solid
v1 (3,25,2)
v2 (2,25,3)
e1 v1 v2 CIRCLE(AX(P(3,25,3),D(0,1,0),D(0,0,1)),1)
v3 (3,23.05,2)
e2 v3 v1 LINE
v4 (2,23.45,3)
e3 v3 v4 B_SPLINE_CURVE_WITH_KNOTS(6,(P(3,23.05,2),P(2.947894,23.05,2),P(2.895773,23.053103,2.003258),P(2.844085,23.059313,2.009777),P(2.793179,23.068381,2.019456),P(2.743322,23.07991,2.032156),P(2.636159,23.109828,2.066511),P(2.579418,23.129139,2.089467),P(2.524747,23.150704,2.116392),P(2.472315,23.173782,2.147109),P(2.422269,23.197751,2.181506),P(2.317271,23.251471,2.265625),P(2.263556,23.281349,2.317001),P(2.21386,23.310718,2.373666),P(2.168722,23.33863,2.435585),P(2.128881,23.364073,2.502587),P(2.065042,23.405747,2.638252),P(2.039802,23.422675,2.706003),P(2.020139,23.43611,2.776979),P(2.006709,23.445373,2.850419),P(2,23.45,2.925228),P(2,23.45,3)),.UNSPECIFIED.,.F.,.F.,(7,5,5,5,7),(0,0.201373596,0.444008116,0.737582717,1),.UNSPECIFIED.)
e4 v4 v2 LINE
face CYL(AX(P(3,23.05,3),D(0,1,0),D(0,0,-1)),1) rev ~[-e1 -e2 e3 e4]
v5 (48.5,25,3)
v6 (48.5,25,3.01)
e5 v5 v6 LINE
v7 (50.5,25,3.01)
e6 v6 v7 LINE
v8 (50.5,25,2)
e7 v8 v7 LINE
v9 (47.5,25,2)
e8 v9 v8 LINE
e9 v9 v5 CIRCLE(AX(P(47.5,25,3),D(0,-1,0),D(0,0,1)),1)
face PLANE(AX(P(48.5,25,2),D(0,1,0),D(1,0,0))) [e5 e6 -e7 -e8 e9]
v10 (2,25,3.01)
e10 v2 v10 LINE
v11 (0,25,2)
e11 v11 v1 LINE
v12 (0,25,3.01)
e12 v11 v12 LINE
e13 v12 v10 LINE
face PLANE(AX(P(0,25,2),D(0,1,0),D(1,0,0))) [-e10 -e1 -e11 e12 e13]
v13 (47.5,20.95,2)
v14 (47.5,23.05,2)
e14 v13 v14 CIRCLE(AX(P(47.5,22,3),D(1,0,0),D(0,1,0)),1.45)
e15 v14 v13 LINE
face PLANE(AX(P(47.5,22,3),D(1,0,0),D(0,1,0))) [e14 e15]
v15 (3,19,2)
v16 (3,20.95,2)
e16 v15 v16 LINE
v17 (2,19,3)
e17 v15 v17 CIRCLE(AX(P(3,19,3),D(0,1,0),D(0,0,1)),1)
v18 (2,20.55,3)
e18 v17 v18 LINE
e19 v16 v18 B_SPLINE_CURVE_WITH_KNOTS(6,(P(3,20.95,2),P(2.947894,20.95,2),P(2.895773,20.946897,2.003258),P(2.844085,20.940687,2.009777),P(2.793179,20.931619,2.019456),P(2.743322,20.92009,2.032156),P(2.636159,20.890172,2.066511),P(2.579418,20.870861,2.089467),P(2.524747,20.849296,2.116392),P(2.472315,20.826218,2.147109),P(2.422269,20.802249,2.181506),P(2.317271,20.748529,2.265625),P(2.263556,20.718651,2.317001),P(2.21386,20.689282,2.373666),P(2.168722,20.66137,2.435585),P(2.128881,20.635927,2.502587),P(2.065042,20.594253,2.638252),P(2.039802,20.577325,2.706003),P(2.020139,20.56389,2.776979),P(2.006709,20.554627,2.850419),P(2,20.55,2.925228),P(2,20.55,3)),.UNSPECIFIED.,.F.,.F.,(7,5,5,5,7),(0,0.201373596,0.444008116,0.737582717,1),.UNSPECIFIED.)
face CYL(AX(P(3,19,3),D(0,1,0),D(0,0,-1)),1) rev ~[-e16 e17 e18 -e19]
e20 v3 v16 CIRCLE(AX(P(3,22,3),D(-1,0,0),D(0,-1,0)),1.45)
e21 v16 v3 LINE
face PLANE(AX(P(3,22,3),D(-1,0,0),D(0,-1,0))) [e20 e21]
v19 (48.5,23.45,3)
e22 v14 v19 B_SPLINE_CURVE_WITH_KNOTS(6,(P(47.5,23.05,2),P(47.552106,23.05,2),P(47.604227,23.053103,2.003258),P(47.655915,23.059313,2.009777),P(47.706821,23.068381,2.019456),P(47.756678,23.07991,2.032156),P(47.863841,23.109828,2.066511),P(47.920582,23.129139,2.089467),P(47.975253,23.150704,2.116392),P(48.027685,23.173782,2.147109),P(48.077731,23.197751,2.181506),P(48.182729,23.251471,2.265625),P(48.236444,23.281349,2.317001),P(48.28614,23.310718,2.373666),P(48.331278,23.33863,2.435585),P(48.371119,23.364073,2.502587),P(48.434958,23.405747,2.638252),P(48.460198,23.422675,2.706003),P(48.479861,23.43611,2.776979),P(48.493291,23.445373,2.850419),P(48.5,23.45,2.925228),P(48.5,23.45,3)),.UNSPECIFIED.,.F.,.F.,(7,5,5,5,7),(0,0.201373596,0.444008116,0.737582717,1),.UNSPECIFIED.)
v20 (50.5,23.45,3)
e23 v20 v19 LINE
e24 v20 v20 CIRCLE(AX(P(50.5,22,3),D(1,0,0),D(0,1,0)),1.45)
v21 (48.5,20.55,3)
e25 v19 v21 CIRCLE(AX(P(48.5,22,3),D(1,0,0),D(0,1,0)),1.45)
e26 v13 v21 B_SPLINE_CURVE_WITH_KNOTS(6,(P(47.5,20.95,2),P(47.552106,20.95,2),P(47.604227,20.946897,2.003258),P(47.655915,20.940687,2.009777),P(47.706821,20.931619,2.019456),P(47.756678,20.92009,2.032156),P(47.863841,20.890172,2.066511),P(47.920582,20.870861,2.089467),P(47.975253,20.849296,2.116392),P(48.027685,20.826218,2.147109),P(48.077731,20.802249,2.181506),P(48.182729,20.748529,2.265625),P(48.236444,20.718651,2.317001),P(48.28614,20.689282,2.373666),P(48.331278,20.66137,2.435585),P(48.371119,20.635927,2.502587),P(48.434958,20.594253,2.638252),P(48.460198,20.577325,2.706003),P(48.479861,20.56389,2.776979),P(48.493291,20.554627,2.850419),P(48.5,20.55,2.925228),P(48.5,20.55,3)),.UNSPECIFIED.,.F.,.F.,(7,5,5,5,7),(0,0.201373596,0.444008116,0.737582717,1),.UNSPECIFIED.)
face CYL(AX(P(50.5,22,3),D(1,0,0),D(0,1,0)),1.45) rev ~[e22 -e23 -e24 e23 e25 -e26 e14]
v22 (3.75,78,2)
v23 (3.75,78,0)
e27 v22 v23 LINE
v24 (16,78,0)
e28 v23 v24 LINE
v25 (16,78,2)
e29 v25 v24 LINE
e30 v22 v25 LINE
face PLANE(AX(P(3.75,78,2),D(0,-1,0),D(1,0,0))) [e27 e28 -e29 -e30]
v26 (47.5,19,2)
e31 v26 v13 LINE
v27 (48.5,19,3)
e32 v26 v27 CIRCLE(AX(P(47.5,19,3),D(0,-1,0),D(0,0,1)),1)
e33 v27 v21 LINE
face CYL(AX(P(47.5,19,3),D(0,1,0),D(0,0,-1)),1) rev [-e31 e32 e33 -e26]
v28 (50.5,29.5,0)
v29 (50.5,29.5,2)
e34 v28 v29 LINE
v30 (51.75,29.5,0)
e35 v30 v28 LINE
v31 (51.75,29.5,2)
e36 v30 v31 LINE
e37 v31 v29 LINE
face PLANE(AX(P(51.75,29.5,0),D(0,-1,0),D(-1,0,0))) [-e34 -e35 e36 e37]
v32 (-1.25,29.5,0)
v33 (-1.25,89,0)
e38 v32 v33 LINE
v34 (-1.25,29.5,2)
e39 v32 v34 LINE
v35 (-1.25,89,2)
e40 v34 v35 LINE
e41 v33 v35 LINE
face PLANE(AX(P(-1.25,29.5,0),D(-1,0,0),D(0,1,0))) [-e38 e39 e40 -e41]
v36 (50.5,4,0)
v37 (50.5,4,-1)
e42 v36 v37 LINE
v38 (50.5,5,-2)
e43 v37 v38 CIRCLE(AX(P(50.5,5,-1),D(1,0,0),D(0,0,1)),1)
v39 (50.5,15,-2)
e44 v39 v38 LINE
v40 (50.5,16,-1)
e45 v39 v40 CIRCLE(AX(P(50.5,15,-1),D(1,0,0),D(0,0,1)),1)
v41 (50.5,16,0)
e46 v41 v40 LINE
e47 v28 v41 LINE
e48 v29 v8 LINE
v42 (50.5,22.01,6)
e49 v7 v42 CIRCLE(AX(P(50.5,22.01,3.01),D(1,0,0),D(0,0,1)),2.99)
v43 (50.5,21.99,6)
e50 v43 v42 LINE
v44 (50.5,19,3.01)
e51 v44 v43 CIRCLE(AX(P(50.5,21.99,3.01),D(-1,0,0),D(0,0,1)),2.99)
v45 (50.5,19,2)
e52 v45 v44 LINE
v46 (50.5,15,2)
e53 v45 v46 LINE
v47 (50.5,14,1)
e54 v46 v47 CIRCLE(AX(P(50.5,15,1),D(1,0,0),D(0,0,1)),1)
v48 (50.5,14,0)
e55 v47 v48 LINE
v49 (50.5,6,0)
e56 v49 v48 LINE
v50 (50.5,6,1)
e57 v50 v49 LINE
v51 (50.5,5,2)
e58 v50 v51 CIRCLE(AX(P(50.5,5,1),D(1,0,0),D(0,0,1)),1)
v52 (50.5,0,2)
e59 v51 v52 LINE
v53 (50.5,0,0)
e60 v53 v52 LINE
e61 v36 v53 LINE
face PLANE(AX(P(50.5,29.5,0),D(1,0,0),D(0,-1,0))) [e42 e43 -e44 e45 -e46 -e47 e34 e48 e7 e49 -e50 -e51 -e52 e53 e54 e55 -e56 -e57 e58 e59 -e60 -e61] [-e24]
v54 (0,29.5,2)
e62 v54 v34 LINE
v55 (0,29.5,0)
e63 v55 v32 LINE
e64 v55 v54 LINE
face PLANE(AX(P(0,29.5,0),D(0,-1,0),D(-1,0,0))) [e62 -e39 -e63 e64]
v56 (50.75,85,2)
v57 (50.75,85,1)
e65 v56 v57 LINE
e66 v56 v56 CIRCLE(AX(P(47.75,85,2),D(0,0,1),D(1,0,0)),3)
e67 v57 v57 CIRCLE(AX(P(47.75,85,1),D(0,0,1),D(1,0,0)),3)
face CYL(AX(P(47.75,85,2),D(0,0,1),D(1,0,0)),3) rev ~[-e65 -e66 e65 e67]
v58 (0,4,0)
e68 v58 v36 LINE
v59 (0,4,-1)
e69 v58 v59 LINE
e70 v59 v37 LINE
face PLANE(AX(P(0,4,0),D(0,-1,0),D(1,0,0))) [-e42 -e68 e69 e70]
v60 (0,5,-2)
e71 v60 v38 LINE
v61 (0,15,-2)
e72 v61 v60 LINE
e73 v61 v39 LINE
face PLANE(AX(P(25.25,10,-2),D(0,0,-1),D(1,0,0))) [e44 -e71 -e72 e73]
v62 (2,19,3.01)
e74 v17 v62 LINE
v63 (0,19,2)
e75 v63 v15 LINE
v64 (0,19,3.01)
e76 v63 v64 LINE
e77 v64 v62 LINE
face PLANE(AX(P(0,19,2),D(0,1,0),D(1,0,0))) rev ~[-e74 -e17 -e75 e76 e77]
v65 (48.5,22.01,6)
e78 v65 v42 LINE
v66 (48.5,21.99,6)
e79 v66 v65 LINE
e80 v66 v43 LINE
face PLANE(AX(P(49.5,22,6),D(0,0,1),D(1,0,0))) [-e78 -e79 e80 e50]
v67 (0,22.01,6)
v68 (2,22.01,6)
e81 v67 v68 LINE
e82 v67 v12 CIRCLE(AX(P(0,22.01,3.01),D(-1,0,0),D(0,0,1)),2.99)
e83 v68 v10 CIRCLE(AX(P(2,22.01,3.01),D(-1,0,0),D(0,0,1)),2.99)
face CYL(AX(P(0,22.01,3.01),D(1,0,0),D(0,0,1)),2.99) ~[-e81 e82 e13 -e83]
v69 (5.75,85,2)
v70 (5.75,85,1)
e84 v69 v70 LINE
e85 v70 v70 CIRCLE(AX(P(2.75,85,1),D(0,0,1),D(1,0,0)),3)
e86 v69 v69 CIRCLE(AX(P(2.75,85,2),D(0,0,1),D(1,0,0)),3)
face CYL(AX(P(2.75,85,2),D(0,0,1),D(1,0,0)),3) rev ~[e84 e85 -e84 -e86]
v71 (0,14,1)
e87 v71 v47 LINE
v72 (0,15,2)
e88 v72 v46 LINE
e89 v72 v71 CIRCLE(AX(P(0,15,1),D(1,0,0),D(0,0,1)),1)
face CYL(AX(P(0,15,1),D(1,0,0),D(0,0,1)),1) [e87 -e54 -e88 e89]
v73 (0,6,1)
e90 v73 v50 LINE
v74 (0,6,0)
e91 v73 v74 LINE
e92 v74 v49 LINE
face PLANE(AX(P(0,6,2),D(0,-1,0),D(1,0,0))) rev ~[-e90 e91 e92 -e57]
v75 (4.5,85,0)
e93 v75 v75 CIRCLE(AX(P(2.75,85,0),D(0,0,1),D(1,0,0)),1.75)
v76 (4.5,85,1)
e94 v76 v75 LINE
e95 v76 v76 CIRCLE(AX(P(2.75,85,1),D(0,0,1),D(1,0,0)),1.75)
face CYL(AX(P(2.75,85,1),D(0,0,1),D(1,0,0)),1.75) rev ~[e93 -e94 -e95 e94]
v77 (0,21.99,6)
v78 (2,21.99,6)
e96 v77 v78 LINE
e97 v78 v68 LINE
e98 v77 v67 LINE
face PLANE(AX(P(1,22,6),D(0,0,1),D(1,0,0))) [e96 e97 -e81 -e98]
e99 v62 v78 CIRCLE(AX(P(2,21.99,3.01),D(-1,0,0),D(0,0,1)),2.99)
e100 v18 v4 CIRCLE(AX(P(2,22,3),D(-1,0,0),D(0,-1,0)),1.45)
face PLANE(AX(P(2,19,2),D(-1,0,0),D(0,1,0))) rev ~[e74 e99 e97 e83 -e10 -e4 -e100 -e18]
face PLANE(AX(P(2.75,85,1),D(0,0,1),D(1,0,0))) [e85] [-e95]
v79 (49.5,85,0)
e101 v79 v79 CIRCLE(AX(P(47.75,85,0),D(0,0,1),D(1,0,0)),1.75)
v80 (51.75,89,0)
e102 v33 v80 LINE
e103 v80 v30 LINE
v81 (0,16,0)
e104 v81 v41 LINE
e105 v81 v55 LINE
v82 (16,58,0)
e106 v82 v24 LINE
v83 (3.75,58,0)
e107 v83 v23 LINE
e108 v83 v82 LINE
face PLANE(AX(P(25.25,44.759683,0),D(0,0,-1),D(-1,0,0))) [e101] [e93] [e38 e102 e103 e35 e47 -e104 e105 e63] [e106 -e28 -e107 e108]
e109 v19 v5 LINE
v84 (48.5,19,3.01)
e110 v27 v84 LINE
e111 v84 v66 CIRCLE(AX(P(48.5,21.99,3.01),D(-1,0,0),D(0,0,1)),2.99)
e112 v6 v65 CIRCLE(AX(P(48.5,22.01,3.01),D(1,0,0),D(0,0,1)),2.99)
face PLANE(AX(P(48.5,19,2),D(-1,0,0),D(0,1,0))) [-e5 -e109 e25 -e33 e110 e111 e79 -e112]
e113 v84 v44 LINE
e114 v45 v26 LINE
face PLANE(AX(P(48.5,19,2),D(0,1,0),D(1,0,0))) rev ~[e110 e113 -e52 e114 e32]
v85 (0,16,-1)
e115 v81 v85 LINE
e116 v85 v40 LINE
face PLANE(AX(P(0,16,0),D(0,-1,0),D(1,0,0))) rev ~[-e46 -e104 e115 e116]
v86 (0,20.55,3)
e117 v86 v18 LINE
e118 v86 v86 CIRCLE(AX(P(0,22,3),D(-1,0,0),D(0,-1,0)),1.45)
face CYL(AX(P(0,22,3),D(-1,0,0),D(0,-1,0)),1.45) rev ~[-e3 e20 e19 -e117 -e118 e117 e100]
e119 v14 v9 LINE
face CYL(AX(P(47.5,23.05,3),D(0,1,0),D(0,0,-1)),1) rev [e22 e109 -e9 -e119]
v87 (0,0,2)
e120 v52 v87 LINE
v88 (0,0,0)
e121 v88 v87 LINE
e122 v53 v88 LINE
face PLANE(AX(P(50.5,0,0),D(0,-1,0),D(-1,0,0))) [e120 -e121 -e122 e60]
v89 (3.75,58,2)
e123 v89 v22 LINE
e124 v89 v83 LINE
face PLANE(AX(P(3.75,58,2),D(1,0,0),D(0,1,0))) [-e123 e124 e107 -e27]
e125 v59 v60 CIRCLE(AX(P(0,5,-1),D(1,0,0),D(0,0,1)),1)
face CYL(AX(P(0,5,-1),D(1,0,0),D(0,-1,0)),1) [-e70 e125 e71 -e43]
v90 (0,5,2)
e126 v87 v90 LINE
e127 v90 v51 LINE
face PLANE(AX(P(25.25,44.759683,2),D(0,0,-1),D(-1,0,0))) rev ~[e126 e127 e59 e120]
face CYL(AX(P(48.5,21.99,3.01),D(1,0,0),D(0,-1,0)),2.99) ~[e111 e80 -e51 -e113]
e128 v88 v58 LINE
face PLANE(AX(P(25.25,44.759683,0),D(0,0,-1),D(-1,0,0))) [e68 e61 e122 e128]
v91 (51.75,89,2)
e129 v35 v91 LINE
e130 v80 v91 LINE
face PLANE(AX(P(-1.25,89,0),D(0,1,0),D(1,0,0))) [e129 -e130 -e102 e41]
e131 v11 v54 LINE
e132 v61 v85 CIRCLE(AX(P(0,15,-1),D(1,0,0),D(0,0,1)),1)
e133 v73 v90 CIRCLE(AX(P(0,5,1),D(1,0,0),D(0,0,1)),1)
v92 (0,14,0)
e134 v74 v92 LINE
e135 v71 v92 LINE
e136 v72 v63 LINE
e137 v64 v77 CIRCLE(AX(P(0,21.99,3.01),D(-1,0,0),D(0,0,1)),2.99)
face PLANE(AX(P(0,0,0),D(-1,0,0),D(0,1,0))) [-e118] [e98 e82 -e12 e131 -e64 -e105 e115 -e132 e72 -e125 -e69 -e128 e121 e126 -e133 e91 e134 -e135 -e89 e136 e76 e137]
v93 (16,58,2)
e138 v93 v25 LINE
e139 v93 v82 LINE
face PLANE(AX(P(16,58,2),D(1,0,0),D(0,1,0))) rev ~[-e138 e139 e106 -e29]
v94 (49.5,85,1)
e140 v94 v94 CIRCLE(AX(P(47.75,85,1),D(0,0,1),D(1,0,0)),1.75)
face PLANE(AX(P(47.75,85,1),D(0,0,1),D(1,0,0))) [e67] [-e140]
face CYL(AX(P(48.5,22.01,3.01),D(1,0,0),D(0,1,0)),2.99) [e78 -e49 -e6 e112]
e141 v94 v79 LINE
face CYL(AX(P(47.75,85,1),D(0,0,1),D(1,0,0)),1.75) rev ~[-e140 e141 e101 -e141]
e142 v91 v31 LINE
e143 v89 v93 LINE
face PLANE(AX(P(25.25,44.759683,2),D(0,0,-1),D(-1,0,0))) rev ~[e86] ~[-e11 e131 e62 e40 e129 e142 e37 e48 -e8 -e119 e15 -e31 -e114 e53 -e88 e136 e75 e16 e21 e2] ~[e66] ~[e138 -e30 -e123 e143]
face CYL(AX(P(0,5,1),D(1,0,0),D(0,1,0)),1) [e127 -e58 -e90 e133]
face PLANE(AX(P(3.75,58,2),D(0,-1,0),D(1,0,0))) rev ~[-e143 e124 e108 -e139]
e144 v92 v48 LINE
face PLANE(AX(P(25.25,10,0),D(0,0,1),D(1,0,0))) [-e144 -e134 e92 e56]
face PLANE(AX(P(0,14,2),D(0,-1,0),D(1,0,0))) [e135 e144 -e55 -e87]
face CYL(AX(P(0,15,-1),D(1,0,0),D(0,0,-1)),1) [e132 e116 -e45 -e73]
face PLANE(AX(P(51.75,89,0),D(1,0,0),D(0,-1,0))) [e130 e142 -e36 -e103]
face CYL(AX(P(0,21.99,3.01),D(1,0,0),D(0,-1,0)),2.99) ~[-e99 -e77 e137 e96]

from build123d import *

# Parameters (mm, degrees)
PAD_DEPTH       = 2
SKETCH001_R     = 3
POCKET_DEPTH    = 1
SKETCH002_R     = 1.75
POCKET001_DEPTH = 1
SKETCH003_W     = 2
SKETCH003_H     = 6
PAD001_DEPTH    = 4
SKETCH004_R     = 1.45
POCKET002_DEPTH = 3
SKETCH005_R     = 1.45
POCKET003_DEPTH = 3
FILLET_R        = 2.99
FILLET001_R     = 1
SKETCH006_W     = 12.25
SKETCH006_H     = 20
POCKET004_DEPTH = 2
SKETCH007_W     = 50.5
SKETCH007_H     = 12
PAD002_DEPTH    = 2
SKETCH008_W     = 50.5
SKETCH008_H     = 8
POCKET005_DEPTH = 2
FILLET002_R     = 1


with BuildPart() as part:
    # Sketch → Pad (new body)
    with BuildSketch(Plane.XY):
        Polygon((0, 0), (0, 29.5), (-1.25, 29.5), (-1.25, 89), (51.75, 89), (51.75, 29.5), (50.5, 29.5), (50.5, 0), align=None)
    extrude(amount=PAD_DEPTH)

    # Sketch001 (on Face10 of Pad) → Pocket (cut)
    with BuildSketch(Plane.XY.offset(2)):
        with Locations((2.75, 85)):
            Circle(SKETCH001_R)
        with Locations((47.75, 85)):
            Circle(SKETCH001_R)
    extrude(amount=-POCKET_DEPTH, mode=Mode.SUBTRACT)

    # Sketch002 (on Face13 of Pocket) → Pocket001 (cut)
    with BuildSketch(Plane.XY.offset(1)):
        with Locations((2.75, 85)):
            Circle(SKETCH002_R)
        with Locations((47.75, 85)):
            Circle(SKETCH002_R)
    extrude(amount=-POCKET001_DEPTH, mode=Mode.SUBTRACT)

    # Sketch003 (on Face5 of Pocket001) → Pad001 (join)
    with BuildSketch(Plane.XY.offset(2)):
        with Locations((1, 22)):
            Rectangle(SKETCH003_W, SKETCH003_H)
        with Locations((49.5, 22)):
            Rectangle(SKETCH003_W, SKETCH003_H)
    extrude(amount=PAD001_DEPTH)

    # Sketch004 (on Face6 of Pad001) → Pocket002 (cut)
    with BuildSketch(Plane(origin=(0, 0, 0), x_dir=(0, -1, 0), z_dir=(-1, 0, 0))):
        with Locations((-22, 3)):
            Circle(SKETCH004_R)
    extrude(amount=-POCKET002_DEPTH, mode=Mode.SUBTRACT)

    # Sketch005 (on Face25 of Pocket002) → Pocket003 (cut)
    with BuildSketch(Plane.YZ.offset(50.5)):
        with Locations((22, 3)):
            Circle(SKETCH005_R)
    extrude(amount=-POCKET003_DEPTH, mode=Mode.SUBTRACT)

    # Fillet
    fillet_edges = [part.edges().sort_by_distance(p)[0] for p in [
        (1, 25, 6),
        (1, 19, 6),
        (49.5, 19, 6),
        (49.5, 25, 6),
    ]]
    fillet(fillet_edges, radius=FILLET_R)

    # Fillet001
    fillet001_edges = [part.edges().sort_by_distance(p)[0] for p in [
        (2, 19.975, 2),
        (2, 24.025, 2),
        (48.5, 19.975, 2),
        (48.5, 24.025, 2),
    ]]
    fillet(fillet001_edges, radius=FILLET001_R)

    # Sketch006 (on Face5 of Fillet001) → Pocket004 (cut)
    with BuildSketch(Plane.XY.offset(2)):
        with Locations((9.875, 68)):
            Rectangle(SKETCH006_W, SKETCH006_H)
    extrude(amount=-POCKET004_DEPTH, mode=Mode.SUBTRACT)

    # Sketch007 (on Face32 of Pocket004) → Pad002 (join)
    with BuildSketch(Plane(origin=(0, 0, 0), x_dir=(1, 0, 0), z_dir=(0, 0, -1))):
        with Locations((25.25, -10)):
            Rectangle(SKETCH007_W, SKETCH007_H)
    extrude(amount=PAD002_DEPTH)

    # Sketch008 (on Face5 of Pad002) → Pocket005 (cut)
    with BuildSketch(Plane.XY.offset(2)):
        with Locations((25.25, 10)):
            Rectangle(SKETCH008_W, SKETCH008_H)
    extrude(amount=-POCKET005_DEPTH, mode=Mode.SUBTRACT)

    # Fillet002
    fillet002_edges = [part.edges().sort_by_distance(p)[0] for p in [
        (25.25, 14, 2),
        (25.25, 6, 2),
        (25.25, 16, -2),
        (25.25, 4, -2),
    ]]
    fillet(fillet002_edges, radius=FILLET002_R)


solid = part.part
